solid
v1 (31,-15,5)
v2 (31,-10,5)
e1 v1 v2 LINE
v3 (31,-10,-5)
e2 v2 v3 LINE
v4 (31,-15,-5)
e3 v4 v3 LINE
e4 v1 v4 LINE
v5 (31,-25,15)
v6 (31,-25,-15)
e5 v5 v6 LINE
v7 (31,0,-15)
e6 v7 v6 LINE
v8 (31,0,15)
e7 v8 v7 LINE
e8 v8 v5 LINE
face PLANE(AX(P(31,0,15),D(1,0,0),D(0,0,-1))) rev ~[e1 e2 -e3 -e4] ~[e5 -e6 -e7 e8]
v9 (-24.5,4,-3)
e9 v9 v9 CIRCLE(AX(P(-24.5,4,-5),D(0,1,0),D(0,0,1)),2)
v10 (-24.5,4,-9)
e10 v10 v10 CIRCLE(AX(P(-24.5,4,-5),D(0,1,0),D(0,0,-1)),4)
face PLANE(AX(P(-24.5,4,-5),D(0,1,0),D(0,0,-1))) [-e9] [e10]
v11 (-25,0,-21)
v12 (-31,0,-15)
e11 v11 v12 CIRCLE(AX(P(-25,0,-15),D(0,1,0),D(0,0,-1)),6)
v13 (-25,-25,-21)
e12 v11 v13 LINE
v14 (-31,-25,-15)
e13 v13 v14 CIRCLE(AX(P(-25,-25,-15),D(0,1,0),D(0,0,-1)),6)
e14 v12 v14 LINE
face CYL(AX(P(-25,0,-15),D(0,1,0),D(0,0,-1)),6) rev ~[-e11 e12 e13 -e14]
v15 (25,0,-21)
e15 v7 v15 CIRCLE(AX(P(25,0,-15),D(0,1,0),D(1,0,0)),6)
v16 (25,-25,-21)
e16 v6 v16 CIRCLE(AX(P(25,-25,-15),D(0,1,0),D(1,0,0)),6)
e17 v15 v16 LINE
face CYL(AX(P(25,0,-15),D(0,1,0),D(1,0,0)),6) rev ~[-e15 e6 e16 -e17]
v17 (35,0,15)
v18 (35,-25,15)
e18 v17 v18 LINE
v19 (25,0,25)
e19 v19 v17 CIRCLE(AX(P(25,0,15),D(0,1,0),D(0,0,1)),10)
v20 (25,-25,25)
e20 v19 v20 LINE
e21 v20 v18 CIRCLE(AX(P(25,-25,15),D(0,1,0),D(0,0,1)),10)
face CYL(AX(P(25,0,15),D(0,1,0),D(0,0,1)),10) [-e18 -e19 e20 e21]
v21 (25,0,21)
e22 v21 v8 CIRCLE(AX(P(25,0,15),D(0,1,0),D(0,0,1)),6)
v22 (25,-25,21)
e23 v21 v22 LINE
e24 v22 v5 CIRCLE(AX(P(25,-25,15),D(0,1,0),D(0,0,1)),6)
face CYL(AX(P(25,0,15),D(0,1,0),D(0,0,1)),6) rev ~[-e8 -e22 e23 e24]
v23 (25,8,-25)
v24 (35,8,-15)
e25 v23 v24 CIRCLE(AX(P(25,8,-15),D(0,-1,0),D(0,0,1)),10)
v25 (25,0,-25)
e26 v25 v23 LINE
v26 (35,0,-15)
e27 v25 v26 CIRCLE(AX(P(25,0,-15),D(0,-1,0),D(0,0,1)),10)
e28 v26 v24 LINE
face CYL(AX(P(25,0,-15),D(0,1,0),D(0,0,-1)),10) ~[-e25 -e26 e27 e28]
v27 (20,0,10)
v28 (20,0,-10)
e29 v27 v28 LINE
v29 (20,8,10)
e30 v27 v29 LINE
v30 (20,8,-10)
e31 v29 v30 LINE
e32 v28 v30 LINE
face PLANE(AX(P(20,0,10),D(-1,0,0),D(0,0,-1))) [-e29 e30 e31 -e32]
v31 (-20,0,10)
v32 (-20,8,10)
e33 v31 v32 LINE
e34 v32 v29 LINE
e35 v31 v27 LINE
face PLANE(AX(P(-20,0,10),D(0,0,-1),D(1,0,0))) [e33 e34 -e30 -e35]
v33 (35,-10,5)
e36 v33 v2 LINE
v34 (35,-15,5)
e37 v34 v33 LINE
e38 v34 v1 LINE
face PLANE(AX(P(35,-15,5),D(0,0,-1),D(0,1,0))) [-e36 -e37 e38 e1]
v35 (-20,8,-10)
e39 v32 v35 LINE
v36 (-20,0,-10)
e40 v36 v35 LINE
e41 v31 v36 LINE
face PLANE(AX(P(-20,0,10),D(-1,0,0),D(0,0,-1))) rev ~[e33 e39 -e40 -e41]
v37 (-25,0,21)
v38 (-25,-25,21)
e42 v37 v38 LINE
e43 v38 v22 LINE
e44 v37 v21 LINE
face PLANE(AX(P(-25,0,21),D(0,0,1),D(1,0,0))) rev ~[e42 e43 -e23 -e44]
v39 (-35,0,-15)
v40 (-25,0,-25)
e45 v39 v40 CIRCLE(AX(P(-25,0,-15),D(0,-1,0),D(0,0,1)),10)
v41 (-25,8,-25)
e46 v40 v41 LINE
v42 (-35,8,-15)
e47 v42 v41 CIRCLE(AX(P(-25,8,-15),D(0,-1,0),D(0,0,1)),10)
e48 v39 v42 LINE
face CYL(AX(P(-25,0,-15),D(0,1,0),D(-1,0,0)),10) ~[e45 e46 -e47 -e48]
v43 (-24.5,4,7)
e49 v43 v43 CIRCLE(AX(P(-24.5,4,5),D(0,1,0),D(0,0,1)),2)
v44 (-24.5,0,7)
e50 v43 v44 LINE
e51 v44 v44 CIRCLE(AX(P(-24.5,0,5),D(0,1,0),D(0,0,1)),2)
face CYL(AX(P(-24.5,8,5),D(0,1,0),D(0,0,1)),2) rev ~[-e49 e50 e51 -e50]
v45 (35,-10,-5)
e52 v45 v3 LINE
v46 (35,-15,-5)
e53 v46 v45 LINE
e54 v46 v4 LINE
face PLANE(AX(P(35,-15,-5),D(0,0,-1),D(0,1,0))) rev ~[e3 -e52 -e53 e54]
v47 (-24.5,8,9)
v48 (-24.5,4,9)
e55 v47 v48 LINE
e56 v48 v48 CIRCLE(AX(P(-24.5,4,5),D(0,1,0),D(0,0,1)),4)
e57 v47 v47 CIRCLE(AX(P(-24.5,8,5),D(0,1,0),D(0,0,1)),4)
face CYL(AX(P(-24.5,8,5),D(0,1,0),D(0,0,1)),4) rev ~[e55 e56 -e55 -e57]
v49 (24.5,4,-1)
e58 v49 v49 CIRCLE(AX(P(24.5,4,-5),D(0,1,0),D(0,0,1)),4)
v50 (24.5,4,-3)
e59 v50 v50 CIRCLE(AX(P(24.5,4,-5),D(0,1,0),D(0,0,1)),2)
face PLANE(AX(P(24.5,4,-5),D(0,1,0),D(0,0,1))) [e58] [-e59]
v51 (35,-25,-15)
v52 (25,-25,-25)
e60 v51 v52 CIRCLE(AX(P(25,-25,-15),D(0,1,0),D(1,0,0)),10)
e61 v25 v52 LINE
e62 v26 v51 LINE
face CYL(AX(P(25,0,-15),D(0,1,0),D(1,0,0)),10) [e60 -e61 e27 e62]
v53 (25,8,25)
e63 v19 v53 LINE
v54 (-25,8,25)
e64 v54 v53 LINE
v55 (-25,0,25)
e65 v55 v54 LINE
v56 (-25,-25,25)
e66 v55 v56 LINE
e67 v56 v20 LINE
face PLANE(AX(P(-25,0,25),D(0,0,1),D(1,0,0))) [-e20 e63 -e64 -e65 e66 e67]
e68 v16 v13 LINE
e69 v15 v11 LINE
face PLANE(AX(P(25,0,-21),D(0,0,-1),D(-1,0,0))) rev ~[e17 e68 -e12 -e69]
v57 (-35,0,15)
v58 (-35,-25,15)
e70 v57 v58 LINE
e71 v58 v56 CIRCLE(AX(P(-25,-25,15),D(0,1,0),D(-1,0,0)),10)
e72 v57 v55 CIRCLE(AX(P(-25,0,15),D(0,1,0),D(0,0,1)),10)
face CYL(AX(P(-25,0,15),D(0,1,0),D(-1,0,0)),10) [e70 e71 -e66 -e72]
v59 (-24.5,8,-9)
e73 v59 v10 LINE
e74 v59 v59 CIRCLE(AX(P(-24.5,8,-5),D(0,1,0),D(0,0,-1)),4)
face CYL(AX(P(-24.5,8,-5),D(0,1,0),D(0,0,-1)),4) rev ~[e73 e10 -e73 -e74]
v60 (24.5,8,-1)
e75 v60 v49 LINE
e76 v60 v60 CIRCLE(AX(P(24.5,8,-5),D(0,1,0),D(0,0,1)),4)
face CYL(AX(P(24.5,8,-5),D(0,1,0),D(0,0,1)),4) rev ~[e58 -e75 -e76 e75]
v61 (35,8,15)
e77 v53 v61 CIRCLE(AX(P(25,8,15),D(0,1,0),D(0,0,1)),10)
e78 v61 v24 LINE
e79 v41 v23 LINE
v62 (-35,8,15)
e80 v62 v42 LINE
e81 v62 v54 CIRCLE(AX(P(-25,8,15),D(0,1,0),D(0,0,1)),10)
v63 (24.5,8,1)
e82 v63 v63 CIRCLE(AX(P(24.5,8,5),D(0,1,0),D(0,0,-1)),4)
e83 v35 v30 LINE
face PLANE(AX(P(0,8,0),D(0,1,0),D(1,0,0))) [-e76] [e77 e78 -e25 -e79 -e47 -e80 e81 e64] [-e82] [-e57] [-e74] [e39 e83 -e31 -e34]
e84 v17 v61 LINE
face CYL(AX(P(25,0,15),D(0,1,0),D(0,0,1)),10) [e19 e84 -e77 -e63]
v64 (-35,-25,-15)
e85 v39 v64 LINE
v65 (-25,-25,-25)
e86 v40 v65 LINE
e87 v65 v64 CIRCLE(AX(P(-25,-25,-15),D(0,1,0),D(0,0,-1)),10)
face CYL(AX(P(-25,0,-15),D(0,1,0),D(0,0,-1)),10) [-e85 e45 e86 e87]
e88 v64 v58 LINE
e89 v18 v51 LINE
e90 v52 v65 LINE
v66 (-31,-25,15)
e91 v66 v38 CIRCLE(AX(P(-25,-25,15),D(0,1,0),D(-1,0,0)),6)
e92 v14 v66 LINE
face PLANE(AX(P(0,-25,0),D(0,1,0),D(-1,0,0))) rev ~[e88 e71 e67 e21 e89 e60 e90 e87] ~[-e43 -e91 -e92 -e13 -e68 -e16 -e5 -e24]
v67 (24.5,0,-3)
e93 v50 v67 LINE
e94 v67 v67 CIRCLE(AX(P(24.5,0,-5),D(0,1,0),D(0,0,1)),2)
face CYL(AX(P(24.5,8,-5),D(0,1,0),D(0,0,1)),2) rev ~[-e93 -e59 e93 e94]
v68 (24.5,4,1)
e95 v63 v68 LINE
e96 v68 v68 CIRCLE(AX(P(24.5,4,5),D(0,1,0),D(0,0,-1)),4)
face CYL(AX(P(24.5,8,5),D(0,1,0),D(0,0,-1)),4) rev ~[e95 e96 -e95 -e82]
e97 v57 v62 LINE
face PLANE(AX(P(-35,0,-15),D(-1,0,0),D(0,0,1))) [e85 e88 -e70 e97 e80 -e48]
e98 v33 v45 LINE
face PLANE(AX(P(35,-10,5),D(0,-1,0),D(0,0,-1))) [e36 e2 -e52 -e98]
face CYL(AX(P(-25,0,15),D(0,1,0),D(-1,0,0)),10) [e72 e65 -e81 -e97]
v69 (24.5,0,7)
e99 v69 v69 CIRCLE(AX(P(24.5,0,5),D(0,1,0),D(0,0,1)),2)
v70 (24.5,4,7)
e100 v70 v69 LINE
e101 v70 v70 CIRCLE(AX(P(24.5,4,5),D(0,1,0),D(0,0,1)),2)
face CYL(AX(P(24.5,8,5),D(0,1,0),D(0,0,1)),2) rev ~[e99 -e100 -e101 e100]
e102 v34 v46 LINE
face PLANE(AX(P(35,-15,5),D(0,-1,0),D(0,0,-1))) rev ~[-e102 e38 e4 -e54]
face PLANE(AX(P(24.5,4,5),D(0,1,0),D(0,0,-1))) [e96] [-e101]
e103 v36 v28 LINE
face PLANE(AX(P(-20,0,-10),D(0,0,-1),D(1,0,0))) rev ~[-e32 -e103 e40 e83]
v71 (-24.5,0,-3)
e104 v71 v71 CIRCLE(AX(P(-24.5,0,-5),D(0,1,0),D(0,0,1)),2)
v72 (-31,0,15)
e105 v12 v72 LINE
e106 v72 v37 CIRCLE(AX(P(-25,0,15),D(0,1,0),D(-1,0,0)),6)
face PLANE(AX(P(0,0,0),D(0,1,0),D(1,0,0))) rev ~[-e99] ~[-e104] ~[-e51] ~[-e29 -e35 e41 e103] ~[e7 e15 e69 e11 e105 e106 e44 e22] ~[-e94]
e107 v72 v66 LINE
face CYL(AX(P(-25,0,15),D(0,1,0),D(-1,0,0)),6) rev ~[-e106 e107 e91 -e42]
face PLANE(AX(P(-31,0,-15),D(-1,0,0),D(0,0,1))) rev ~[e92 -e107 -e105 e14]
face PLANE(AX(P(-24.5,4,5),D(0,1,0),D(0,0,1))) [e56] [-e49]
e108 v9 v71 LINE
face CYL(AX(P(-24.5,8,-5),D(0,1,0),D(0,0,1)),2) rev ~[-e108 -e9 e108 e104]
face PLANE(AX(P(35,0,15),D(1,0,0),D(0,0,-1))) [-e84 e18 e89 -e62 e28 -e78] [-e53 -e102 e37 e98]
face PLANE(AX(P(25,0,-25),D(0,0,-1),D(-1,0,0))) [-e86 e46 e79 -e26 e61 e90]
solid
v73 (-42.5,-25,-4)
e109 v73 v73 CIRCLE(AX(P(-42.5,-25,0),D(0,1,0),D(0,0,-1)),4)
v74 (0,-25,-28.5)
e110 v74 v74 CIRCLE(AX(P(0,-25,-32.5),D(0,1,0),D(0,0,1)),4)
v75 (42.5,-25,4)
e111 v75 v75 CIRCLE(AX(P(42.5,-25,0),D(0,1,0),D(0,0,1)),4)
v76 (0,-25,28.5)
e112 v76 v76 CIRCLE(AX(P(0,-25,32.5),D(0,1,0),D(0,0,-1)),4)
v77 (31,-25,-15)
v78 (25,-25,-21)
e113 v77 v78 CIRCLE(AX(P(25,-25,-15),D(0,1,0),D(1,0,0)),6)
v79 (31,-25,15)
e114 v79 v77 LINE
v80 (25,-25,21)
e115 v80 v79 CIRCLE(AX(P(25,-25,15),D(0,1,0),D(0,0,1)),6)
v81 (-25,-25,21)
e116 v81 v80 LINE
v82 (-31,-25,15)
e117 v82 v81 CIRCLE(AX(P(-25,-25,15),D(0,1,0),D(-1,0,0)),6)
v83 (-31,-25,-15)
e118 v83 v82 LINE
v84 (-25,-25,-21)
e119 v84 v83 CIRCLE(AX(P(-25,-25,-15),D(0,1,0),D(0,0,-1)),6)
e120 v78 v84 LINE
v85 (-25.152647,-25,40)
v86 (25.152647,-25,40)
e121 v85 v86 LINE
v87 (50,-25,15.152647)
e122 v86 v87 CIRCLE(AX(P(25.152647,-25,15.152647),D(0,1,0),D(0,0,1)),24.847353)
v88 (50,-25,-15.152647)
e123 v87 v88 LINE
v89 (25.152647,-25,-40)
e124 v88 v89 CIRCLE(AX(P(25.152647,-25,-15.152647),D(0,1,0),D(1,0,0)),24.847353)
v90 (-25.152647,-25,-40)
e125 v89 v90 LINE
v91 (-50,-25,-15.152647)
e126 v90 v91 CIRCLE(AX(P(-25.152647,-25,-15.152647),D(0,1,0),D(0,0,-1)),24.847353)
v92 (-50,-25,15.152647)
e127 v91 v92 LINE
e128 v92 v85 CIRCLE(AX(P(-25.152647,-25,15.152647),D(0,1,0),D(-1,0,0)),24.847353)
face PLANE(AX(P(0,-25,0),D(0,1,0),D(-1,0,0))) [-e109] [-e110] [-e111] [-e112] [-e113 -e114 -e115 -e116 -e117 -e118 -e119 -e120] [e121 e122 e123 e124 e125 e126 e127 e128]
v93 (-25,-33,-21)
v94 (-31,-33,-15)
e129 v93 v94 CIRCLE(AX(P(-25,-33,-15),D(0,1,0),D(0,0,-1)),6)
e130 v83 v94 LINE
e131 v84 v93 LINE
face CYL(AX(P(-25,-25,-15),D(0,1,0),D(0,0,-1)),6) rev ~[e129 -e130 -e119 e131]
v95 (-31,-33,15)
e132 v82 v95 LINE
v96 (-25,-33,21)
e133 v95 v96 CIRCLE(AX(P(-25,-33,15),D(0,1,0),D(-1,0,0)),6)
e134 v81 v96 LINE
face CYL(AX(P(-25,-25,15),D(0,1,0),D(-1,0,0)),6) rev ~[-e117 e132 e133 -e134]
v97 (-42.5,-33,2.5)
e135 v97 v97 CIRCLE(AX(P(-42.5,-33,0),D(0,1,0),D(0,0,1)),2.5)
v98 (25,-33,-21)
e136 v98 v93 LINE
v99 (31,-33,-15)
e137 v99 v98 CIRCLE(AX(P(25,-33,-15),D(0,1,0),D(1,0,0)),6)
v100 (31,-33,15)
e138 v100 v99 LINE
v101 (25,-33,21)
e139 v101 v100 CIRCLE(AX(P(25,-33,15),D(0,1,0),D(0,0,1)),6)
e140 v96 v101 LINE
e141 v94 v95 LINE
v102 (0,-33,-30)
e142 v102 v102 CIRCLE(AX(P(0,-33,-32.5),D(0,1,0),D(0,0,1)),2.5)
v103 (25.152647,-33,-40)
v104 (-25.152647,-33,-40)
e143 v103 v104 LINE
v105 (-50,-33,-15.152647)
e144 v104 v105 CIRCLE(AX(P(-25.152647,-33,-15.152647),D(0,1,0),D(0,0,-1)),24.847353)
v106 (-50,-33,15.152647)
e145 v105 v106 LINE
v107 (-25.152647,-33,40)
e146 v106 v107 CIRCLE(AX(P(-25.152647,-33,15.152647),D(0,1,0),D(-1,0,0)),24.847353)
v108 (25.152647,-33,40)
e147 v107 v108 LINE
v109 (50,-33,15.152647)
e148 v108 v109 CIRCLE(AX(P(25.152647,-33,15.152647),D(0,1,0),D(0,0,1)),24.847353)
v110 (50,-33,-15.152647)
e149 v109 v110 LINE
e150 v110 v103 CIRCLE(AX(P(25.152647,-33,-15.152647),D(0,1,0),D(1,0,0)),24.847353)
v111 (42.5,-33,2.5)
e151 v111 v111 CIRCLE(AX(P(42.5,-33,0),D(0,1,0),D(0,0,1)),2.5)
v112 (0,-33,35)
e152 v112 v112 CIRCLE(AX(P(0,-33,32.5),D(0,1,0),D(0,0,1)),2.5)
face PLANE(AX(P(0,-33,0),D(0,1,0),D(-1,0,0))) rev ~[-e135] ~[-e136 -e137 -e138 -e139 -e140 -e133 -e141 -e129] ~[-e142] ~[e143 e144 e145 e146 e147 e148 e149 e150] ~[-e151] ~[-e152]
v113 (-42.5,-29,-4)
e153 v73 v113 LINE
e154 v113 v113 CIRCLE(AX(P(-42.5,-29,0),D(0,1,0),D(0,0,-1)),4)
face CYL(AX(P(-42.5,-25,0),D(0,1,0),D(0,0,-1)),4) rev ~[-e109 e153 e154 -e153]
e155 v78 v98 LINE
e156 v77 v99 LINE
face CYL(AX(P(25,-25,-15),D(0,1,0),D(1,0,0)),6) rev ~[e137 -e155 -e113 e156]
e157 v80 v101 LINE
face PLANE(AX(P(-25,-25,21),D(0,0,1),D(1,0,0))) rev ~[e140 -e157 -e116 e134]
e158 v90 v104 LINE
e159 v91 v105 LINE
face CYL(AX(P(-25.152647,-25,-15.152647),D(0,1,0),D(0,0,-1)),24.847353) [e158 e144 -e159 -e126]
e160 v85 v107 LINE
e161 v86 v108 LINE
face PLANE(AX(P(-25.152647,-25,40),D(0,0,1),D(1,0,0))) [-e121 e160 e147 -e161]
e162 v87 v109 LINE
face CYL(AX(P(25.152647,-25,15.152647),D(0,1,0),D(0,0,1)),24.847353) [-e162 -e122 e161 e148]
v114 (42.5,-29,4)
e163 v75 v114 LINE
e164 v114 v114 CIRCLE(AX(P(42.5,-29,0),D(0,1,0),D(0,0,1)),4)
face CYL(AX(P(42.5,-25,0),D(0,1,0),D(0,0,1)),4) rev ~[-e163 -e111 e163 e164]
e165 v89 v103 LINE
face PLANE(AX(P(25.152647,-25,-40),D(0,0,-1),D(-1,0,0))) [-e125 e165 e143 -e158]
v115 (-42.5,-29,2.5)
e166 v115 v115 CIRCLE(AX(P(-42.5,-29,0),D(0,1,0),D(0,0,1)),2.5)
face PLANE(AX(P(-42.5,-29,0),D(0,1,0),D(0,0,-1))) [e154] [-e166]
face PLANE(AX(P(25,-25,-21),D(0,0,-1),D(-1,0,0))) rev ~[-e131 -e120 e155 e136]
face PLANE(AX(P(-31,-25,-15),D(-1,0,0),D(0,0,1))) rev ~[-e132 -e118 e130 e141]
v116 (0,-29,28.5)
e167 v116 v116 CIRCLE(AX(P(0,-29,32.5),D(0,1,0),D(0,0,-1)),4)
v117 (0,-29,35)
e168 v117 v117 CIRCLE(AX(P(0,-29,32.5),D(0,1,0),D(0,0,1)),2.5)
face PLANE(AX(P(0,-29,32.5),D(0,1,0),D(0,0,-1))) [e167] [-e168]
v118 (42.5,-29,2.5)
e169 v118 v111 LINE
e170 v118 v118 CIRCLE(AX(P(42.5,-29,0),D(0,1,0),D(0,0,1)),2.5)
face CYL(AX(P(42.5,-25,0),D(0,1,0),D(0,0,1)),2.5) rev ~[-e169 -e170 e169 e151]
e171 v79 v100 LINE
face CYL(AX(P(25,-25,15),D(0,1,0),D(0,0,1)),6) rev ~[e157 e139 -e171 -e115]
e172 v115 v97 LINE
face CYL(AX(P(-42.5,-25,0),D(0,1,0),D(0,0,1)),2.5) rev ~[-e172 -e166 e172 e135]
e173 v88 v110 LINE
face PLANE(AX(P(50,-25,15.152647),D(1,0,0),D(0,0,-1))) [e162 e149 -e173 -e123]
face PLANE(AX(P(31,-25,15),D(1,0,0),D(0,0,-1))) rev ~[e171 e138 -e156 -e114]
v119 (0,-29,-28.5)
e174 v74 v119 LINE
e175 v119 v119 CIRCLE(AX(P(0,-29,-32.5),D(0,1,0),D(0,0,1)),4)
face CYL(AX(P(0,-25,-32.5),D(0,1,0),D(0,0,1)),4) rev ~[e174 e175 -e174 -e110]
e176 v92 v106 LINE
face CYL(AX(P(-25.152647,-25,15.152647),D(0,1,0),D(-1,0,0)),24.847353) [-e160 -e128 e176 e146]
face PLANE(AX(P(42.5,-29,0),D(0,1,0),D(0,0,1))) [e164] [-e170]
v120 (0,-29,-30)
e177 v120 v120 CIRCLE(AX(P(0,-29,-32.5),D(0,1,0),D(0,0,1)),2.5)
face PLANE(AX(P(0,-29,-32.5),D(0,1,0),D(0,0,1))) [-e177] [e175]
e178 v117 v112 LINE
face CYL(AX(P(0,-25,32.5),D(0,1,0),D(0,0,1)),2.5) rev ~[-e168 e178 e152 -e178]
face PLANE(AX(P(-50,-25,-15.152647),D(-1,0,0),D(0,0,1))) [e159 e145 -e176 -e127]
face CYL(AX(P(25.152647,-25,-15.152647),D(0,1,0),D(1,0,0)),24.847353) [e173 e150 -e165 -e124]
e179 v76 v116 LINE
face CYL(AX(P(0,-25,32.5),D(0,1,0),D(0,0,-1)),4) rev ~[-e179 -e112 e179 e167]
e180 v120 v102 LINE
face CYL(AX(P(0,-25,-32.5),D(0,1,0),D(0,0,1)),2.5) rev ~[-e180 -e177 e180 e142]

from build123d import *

# Parameters (mm, degrees)
CROQUIS1_W              = 70
CROQUIS1_H              = 50
CROQUIS1_W_2            = 40
CROQUIS1_H_2            = 20
SALIENTE_EXTRUIR1_DEPTH = 8
CROQUIS2_R              = 2
CORTAR_EXTRUIR1_DEPTH   = 15
REDONDEO3_R             = 10
SALIENTE_EXTRUIR2_DEPTH = 25
SALIENTE_EXTRUIR3_DEPTH = 8
CROQUIS5_R              = 2.5
CORTAR_EXTRUIR2_DEPTH   = 10
CROQUIS6_W              = 10
CROQUIS6_H              = 5
CORTAR_EXTRUIR3_DEPTH   = 15
CROQUIS7_R              = 4
CORTAR_EXTRUIR4_DEPTH   = 4
CROQUIS8_R              = 4
CORTAR_EXTRUIR5_DEPTH   = 4


with BuildPart() as part:
    # Croquis1 → Saliente-Extruir1 (new body)
    with BuildSketch(Plane(origin=(0, 0, 0), x_dir=(1, 0, 0), z_dir=(0, 1, 0))):
        Rectangle(CROQUIS1_W, CROQUIS1_H)
        Rectangle(CROQUIS1_W_2, CROQUIS1_H_2, mode=Mode.SUBTRACT)
    extrude(amount=SALIENTE_EXTRUIR1_DEPTH)

    # Croquis2 → Cortar-Extruir1 (cut)
    with BuildSketch(Plane(origin=(0, 8, 0), x_dir=(1, 0, 0), z_dir=(0, 1, 0))):
        with Locations(Location((24.5, -5, 0), (0, 0, 270))):
            Circle(CROQUIS2_R)
        with Locations(Location((24.5, 5, 0), (0, 0, 270))):
            Circle(CROQUIS2_R)
        with Locations(Location((-24.5, -5, 0), (0, 0, 270))):
            Circle(CROQUIS2_R)
        with Locations(Location((-24.5, 5, 0), (0, 0, 270))):
            Circle(CROQUIS2_R)
    extrude(amount=-CORTAR_EXTRUIR1_DEPTH, mode=Mode.SUBTRACT)

    # Redondeo3
    redondeo3_edges = [part.edges().sort_by_distance(p)[0] for p in [
        (-35, 4, -25),
        (35, 4, -25),
        (35, 4, 25),
        (-35, 4, 25),
    ]]
    fillet(redondeo3_edges, radius=REDONDEO3_R)

    # Croquis3 → Saliente-Extruir2 (add)
    with BuildSketch(Plane.XZ):
        with BuildLine():
            Line((-25, 25), (25, 25))
            ThreePointArc((25, 25), (32.071067812, 22.071067812), (35, 15))
            Line((35, 15), (35, -15))
            ThreePointArc((35, -15), (32.071067812, -22.071067812), (25, -25))
            Line((25, -25), (-25, -25))
            ThreePointArc((-25, -25), (-32.071067812, -22.071067812), (-35, -15))
            Line((-35, -15), (-35, 15))
            ThreePointArc((-35, 15), (-32.071067812, 22.071067812), (-25, 25))
        make_face()
        with BuildLine():
            Line((-25, 21), (25, 21))
            ThreePointArc((25, 21), (29.242640687, 19.242640687), (31, 15))
            Line((31, 15), (31, -15))
            ThreePointArc((31, -15), (29.242640687, -19.242640687), (25, -21))
            Line((25, -21), (-25, -21))
            ThreePointArc((-25, -21), (-29.242640687, -19.242640687), (-31, -15))
            Line((-31, -15), (-31, 15))
            ThreePointArc((-31, 15), (-29.242640687, 19.242640687), (-25, 21))
        make_face(mode=Mode.SUBTRACT)
    extrude(amount=SALIENTE_EXTRUIR2_DEPTH)

    # Croquis6 → Cortar-Extruir3 (cut)
    with BuildSketch(Plane(origin=(35, 0, 0), x_dir=(0, 0, -1), z_dir=(1, 0, 0))):
        with Locations((0, -12.5)):
            Rectangle(CROQUIS6_W, CROQUIS6_H)
    extrude(amount=-CORTAR_EXTRUIR3_DEPTH, mode=Mode.SUBTRACT)

    # Croquis7 → Cortar-Extruir4 (cut)
    with BuildSketch(Plane(origin=(0, 8, 0), x_dir=(1, 0, 0), z_dir=(0, 1, 0))):
        with Locations(Location((24.5, 5, 0), (0, 0, 270))):
            Circle(CROQUIS7_R)
        with Locations(Location((24.5, -5, 0), (0, 0, 90))):
            Circle(CROQUIS7_R)
        with Locations(Location((-24.5, -5, 0), (0, 0, 270))):
            Circle(CROQUIS7_R)
        with Locations(Location((-24.5, 5, 0), (0, 0, 90))):
            Circle(CROQUIS7_R)
    extrude(amount=-CORTAR_EXTRUIR4_DEPTH, mode=Mode.SUBTRACT)


with BuildPart() as body_2:
    # Croquis4 → Saliente-Extruir3 (new body)
    with BuildSketch(Plane.XZ.offset(25)):
        with BuildLine():
            Line((-25.152646878, 40), (25.152646878, 40))
            ThreePointArc((25.152646878, 40), (42.722378765, 32.722378765), (50, 15.152646878))
            Line((50, 15.152646878), (50, -15.152646878))
            ThreePointArc((50, -15.152646878), (42.722378765, -32.722378765), (25.152646878, -40))
            Line((25.152646878, -40), (-25.152646878, -40))
            ThreePointArc((-25.152646878, -40), (-42.722378765, -32.722378765), (-50, -15.152646878))
            Line((-50, -15.152646878), (-50, 15.152646878))
            ThreePointArc((-50, 15.152646878), (-42.722378765, 32.722378765), (-25.152646878, 40))
        make_face()
        with BuildLine():
            Line((-25, 21), (25, 21))
            ThreePointArc((25, 21), (29.242640687, 19.242640687), (31, 15))
            Line((31, 15), (31, -15))
            ThreePointArc((31, -15), (29.242640687, -19.242640687), (25, -21))
            Line((25, -21), (-25, -21))
            ThreePointArc((-25, -21), (-29.242640687, -19.242640687), (-31, -15))
            Line((-31, -15), (-31, 15))
            ThreePointArc((-31, 15), (-29.242640687, 19.242640687), (-25, 21))
        make_face(mode=Mode.SUBTRACT)
    extrude(amount=SALIENTE_EXTRUIR3_DEPTH)

    # Croquis5 → Cortar-Extruir2 (cut)
    with BuildSketch(Plane(origin=(0, -25, 0), x_dir=(1, 0, 0), z_dir=(0, 1, 0))):
        with Locations(Location((-42.5, 0, 0), (0, 0, 270))):
            Circle(CROQUIS5_R)
        with Locations(Location((0, 32.5, 0), (0, 0, 270))):
            Circle(CROQUIS5_R)
        with Locations(Location((0, -32.5, 0), (0, 0, 270))):
            Circle(CROQUIS5_R)
        with Locations(Location((42.5, 0, 0), (0, 0, 270))):
            Circle(CROQUIS5_R)
    extrude(amount=-CORTAR_EXTRUIR2_DEPTH, mode=Mode.SUBTRACT)

    # Croquis8 → Cortar-Extruir5 (cut)
    with BuildSketch(Plane(origin=(0, -25, 0), x_dir=(1, 0, 0), z_dir=(0, 1, 0))):
        with Locations(Location((0, 32.5, 0), (0, 0, 270))):
            Circle(CROQUIS8_R)
        with Locations(Location((0, -32.5, 0), (0, 0, 90))):
            Circle(CROQUIS8_R)
        with Locations(Location((42.5, 0, 0), (0, 0, 270))):
            Circle(CROQUIS8_R)
        with Locations(Location((-42.5, 0, 0), (0, 0, 90))):
            Circle(CROQUIS8_R)
    extrude(amount=-CORTAR_EXTRUIR5_DEPTH, mode=Mode.SUBTRACT)


solid = Compound([part.part, body_2.part])
